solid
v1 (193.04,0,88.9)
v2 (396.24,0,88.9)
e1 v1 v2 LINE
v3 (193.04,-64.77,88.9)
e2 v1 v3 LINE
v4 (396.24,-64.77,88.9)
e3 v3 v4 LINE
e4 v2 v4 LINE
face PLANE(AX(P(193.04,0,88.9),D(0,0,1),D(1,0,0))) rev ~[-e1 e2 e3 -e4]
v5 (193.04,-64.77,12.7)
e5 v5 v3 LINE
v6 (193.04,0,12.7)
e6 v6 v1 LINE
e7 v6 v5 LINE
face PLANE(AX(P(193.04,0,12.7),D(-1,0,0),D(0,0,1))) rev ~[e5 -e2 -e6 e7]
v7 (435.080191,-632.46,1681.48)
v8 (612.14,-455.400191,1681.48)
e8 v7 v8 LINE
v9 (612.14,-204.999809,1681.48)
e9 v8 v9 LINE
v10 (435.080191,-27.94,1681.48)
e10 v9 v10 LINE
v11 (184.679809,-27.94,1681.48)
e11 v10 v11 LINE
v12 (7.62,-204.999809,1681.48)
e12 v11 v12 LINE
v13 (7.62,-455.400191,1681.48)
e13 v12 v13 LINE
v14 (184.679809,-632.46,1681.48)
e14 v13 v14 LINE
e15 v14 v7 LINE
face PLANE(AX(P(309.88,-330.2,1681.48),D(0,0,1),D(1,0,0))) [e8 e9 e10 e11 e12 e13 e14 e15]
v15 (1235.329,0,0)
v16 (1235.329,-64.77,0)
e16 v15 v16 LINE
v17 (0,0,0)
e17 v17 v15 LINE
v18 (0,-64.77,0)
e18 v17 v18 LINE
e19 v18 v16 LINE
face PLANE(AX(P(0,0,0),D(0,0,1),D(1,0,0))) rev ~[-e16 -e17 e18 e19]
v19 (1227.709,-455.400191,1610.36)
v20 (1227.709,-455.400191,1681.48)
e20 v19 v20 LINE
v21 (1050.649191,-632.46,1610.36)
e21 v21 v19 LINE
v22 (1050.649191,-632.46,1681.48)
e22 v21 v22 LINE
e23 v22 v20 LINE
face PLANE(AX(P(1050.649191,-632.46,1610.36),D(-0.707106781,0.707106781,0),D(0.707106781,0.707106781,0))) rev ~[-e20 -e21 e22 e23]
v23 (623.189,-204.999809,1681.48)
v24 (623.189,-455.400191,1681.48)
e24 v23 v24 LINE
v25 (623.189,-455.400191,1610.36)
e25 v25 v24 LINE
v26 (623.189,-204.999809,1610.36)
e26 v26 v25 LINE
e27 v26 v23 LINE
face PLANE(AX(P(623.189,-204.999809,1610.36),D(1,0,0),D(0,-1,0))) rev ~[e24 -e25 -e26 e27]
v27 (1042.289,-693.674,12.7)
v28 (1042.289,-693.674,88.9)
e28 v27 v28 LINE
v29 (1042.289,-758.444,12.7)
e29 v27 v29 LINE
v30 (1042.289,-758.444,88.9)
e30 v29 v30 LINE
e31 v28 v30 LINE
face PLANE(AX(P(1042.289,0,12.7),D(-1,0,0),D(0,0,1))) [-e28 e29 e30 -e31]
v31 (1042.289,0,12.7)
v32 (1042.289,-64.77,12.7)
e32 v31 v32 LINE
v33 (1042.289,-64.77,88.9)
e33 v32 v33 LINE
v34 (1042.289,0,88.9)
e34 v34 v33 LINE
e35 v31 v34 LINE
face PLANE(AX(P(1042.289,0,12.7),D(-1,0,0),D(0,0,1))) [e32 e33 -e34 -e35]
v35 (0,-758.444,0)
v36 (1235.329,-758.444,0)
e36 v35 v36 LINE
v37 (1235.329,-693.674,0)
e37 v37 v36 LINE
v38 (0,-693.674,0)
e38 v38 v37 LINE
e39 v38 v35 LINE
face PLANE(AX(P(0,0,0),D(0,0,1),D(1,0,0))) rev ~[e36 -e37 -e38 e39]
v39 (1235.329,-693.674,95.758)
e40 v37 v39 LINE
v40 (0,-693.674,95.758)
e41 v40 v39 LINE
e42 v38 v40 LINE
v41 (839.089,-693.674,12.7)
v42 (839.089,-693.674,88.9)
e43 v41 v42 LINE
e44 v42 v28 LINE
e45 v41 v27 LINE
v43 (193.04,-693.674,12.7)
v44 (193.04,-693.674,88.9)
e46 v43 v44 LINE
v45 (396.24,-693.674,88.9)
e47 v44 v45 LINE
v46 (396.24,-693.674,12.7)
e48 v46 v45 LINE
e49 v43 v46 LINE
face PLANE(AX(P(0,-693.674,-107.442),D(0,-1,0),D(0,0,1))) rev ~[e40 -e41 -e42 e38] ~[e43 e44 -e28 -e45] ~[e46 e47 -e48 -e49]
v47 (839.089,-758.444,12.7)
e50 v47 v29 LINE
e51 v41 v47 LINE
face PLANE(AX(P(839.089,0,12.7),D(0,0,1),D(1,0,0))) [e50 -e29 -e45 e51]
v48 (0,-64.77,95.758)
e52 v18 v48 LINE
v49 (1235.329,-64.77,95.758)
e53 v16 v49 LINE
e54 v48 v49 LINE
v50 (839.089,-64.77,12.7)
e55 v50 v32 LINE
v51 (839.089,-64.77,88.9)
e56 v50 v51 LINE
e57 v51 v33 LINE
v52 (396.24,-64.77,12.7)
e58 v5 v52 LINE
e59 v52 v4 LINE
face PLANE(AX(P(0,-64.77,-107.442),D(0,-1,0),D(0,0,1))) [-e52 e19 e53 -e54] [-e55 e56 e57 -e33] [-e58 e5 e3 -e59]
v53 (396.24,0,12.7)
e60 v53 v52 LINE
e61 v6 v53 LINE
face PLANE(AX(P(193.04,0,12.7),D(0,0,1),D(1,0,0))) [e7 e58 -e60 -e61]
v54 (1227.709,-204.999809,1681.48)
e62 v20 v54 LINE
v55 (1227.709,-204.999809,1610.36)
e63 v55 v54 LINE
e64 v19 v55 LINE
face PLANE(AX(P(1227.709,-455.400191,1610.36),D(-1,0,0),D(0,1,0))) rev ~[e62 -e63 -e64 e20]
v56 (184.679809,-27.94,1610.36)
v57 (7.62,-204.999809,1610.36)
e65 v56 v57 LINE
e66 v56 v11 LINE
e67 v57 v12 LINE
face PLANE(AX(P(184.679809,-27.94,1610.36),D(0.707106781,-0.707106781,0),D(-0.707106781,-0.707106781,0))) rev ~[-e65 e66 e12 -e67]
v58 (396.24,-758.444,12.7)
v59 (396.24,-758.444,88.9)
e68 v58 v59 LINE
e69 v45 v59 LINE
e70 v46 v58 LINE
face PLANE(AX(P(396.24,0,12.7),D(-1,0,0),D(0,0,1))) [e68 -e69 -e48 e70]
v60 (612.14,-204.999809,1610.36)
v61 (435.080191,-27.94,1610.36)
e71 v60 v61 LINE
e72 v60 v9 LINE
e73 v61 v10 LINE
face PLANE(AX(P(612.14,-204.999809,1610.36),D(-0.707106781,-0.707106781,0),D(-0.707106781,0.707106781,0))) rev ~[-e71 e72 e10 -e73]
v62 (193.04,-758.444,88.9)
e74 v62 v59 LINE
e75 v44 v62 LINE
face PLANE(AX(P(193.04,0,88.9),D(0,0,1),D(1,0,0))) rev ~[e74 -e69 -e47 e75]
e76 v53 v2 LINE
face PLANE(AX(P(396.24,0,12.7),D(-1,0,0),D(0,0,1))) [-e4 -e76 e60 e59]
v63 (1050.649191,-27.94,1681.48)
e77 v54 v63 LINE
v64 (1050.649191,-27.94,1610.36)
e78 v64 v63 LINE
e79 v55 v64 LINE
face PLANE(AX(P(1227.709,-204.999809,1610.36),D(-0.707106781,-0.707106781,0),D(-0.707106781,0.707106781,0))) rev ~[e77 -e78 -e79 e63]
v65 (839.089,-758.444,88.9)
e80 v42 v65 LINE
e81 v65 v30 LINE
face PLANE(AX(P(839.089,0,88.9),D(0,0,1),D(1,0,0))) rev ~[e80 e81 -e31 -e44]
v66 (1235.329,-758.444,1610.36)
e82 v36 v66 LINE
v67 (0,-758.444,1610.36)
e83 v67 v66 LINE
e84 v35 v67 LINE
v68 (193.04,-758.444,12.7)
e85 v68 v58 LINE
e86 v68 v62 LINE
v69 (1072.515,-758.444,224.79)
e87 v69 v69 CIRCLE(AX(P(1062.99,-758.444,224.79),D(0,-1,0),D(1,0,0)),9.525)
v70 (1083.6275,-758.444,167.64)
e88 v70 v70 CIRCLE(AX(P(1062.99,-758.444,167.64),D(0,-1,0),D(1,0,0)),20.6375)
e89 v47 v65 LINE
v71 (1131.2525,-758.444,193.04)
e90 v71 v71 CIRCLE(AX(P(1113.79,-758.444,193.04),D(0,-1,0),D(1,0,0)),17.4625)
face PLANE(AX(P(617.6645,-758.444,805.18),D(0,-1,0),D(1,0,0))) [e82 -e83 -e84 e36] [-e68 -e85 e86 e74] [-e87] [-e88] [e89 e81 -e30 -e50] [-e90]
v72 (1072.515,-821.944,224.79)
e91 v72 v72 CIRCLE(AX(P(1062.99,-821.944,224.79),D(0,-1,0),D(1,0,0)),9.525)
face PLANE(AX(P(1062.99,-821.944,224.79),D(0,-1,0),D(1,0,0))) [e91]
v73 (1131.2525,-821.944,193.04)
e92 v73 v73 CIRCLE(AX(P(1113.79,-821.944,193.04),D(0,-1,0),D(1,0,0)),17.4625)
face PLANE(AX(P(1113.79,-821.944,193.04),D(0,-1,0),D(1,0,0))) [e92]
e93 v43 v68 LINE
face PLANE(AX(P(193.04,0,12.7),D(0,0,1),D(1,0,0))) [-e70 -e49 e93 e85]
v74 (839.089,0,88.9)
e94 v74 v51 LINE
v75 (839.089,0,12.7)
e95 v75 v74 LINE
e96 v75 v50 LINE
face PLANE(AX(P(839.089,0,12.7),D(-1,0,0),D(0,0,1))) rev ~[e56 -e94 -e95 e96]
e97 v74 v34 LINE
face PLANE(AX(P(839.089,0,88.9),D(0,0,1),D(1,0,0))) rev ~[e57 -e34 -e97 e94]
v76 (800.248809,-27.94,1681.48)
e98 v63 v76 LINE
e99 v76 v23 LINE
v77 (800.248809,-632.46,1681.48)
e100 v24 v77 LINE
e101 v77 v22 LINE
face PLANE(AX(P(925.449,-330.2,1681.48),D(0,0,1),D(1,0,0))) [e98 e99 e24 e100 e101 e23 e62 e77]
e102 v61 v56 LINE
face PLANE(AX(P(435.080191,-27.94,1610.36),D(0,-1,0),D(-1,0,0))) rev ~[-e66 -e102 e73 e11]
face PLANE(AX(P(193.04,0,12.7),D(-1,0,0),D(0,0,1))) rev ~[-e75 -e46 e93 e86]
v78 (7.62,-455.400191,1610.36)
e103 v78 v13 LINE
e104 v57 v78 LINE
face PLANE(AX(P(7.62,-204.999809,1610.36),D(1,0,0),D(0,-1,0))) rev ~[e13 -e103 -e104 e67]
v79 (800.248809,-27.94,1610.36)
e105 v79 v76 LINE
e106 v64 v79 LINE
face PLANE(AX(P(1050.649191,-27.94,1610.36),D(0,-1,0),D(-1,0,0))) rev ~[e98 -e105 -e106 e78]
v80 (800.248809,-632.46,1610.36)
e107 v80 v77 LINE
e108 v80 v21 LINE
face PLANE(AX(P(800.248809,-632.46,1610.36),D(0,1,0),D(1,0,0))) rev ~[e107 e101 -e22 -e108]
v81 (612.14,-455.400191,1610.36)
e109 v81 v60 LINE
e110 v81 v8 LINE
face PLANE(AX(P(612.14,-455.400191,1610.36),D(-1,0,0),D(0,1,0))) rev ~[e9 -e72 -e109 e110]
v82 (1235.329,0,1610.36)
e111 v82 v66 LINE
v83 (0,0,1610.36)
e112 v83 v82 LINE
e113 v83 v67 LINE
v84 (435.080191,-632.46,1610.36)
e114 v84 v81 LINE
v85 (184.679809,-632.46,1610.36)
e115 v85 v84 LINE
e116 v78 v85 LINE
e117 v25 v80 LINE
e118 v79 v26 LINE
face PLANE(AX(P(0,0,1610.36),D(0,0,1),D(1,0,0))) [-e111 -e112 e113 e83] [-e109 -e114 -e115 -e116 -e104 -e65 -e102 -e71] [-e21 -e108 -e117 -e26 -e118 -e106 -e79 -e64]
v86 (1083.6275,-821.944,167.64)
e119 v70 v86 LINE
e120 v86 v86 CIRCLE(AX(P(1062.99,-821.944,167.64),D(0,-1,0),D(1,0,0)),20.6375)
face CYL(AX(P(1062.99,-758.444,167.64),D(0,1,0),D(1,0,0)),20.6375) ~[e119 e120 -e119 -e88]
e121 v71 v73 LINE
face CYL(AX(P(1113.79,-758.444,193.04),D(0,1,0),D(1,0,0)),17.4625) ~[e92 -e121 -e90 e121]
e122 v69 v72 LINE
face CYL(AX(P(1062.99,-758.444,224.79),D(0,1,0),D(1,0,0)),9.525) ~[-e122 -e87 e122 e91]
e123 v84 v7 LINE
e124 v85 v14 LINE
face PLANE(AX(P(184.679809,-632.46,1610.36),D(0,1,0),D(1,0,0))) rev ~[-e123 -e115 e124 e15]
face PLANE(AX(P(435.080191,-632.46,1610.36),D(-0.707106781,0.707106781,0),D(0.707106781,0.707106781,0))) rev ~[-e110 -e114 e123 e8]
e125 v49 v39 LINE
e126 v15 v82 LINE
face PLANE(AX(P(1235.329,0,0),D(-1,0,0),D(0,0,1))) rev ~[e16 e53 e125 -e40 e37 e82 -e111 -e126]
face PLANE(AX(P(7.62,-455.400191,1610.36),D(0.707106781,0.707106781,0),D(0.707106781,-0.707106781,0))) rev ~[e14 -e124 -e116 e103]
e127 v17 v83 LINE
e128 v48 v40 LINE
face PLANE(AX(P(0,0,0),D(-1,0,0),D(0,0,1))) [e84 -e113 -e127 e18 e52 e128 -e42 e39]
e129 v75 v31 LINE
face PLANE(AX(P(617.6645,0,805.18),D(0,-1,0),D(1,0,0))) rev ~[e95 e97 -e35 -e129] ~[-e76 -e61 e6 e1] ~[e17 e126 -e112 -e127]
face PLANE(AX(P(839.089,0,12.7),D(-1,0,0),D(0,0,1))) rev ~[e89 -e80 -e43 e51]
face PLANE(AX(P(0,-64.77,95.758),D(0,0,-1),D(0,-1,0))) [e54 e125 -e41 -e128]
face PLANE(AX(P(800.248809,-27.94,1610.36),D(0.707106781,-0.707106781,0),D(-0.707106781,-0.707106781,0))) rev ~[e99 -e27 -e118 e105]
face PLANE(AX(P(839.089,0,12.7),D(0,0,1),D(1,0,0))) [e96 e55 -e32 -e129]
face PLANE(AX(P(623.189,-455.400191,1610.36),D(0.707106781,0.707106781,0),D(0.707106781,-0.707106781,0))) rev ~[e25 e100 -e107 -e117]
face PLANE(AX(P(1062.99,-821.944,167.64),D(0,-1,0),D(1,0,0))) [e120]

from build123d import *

# Parameters (mm, degrees)
F0_W     = 1235.329
F0_H     = 1610.36
F0_W_2   = 203.2
F0_H_2   = 76.2
F1_DEPTH = 758.444
F2_W     = 628.904
F2_H     = 203.2
F3_DEPTH = 1235.33
F5_DEPTH = 71.12
F6_R     = 9.525
F6_R_2   = 17.4625
F6_R_3   = 20.6375
F7_DEPTH = 63.5


with BuildPart() as f1:
    # F0 (on Front) → F1 (new body)
    with BuildSketch(Plane.XZ):
        with Locations((617.6645, 805.18)):
            Rectangle(F0_W, F0_H)
        with Locations((294.64, 50.8)):
            Rectangle(F0_W_2, F0_H_2, mode=Mode.SUBTRACT)
        with Locations((940.689, 50.8)):
            Rectangle(F0_W_2, F0_H_2, mode=Mode.SUBTRACT)
    extrude(amount=F1_DEPTH)

    # F2 (on face) → F3 (cut, through all)
    with BuildSketch(Plane(origin=(0, 0, 0), x_dir=(0, -1, 0), z_dir=(-1, 0, 0))):
        with Locations((379.222, -5.842)):
            Rectangle(F2_W, F2_H)
    extrude(amount=-F3_DEPTH, mode=Mode.SUBTRACT)

    # F4 (on face) → F5 (join)
    with BuildSketch(Plane.XY.offset(1610.36)):
        Polygon((435.080191, -632.46), (612.14, -455.400191), (612.14, -204.999809), (435.080191, -27.94), (184.679809, -27.94), (7.62, -204.999809), (7.62, -455.400191), (184.679809, -632.46), align=None)
        Polygon((1050.649191, -632.46), (1227.709, -455.400191), (1227.709, -204.999809), (1050.649191, -27.94), (800.248809, -27.94), (623.189, -204.999809), (623.189, -455.400191), (800.248809, -632.46), align=None)
    extrude(amount=F5_DEPTH)

    # F6 (on face) → F7 (join)
    with BuildSketch(Plane.XZ.offset(758.444)):
        with Locations((1062.99, 224.79)):
            Circle(F6_R)
        with Locations((1113.79, 193.04)):
            Circle(F6_R_2)
        with Locations((1062.99, 167.64)):
            Circle(F6_R_3)
    extrude(amount=F7_DEPTH)


solid = f1.part
